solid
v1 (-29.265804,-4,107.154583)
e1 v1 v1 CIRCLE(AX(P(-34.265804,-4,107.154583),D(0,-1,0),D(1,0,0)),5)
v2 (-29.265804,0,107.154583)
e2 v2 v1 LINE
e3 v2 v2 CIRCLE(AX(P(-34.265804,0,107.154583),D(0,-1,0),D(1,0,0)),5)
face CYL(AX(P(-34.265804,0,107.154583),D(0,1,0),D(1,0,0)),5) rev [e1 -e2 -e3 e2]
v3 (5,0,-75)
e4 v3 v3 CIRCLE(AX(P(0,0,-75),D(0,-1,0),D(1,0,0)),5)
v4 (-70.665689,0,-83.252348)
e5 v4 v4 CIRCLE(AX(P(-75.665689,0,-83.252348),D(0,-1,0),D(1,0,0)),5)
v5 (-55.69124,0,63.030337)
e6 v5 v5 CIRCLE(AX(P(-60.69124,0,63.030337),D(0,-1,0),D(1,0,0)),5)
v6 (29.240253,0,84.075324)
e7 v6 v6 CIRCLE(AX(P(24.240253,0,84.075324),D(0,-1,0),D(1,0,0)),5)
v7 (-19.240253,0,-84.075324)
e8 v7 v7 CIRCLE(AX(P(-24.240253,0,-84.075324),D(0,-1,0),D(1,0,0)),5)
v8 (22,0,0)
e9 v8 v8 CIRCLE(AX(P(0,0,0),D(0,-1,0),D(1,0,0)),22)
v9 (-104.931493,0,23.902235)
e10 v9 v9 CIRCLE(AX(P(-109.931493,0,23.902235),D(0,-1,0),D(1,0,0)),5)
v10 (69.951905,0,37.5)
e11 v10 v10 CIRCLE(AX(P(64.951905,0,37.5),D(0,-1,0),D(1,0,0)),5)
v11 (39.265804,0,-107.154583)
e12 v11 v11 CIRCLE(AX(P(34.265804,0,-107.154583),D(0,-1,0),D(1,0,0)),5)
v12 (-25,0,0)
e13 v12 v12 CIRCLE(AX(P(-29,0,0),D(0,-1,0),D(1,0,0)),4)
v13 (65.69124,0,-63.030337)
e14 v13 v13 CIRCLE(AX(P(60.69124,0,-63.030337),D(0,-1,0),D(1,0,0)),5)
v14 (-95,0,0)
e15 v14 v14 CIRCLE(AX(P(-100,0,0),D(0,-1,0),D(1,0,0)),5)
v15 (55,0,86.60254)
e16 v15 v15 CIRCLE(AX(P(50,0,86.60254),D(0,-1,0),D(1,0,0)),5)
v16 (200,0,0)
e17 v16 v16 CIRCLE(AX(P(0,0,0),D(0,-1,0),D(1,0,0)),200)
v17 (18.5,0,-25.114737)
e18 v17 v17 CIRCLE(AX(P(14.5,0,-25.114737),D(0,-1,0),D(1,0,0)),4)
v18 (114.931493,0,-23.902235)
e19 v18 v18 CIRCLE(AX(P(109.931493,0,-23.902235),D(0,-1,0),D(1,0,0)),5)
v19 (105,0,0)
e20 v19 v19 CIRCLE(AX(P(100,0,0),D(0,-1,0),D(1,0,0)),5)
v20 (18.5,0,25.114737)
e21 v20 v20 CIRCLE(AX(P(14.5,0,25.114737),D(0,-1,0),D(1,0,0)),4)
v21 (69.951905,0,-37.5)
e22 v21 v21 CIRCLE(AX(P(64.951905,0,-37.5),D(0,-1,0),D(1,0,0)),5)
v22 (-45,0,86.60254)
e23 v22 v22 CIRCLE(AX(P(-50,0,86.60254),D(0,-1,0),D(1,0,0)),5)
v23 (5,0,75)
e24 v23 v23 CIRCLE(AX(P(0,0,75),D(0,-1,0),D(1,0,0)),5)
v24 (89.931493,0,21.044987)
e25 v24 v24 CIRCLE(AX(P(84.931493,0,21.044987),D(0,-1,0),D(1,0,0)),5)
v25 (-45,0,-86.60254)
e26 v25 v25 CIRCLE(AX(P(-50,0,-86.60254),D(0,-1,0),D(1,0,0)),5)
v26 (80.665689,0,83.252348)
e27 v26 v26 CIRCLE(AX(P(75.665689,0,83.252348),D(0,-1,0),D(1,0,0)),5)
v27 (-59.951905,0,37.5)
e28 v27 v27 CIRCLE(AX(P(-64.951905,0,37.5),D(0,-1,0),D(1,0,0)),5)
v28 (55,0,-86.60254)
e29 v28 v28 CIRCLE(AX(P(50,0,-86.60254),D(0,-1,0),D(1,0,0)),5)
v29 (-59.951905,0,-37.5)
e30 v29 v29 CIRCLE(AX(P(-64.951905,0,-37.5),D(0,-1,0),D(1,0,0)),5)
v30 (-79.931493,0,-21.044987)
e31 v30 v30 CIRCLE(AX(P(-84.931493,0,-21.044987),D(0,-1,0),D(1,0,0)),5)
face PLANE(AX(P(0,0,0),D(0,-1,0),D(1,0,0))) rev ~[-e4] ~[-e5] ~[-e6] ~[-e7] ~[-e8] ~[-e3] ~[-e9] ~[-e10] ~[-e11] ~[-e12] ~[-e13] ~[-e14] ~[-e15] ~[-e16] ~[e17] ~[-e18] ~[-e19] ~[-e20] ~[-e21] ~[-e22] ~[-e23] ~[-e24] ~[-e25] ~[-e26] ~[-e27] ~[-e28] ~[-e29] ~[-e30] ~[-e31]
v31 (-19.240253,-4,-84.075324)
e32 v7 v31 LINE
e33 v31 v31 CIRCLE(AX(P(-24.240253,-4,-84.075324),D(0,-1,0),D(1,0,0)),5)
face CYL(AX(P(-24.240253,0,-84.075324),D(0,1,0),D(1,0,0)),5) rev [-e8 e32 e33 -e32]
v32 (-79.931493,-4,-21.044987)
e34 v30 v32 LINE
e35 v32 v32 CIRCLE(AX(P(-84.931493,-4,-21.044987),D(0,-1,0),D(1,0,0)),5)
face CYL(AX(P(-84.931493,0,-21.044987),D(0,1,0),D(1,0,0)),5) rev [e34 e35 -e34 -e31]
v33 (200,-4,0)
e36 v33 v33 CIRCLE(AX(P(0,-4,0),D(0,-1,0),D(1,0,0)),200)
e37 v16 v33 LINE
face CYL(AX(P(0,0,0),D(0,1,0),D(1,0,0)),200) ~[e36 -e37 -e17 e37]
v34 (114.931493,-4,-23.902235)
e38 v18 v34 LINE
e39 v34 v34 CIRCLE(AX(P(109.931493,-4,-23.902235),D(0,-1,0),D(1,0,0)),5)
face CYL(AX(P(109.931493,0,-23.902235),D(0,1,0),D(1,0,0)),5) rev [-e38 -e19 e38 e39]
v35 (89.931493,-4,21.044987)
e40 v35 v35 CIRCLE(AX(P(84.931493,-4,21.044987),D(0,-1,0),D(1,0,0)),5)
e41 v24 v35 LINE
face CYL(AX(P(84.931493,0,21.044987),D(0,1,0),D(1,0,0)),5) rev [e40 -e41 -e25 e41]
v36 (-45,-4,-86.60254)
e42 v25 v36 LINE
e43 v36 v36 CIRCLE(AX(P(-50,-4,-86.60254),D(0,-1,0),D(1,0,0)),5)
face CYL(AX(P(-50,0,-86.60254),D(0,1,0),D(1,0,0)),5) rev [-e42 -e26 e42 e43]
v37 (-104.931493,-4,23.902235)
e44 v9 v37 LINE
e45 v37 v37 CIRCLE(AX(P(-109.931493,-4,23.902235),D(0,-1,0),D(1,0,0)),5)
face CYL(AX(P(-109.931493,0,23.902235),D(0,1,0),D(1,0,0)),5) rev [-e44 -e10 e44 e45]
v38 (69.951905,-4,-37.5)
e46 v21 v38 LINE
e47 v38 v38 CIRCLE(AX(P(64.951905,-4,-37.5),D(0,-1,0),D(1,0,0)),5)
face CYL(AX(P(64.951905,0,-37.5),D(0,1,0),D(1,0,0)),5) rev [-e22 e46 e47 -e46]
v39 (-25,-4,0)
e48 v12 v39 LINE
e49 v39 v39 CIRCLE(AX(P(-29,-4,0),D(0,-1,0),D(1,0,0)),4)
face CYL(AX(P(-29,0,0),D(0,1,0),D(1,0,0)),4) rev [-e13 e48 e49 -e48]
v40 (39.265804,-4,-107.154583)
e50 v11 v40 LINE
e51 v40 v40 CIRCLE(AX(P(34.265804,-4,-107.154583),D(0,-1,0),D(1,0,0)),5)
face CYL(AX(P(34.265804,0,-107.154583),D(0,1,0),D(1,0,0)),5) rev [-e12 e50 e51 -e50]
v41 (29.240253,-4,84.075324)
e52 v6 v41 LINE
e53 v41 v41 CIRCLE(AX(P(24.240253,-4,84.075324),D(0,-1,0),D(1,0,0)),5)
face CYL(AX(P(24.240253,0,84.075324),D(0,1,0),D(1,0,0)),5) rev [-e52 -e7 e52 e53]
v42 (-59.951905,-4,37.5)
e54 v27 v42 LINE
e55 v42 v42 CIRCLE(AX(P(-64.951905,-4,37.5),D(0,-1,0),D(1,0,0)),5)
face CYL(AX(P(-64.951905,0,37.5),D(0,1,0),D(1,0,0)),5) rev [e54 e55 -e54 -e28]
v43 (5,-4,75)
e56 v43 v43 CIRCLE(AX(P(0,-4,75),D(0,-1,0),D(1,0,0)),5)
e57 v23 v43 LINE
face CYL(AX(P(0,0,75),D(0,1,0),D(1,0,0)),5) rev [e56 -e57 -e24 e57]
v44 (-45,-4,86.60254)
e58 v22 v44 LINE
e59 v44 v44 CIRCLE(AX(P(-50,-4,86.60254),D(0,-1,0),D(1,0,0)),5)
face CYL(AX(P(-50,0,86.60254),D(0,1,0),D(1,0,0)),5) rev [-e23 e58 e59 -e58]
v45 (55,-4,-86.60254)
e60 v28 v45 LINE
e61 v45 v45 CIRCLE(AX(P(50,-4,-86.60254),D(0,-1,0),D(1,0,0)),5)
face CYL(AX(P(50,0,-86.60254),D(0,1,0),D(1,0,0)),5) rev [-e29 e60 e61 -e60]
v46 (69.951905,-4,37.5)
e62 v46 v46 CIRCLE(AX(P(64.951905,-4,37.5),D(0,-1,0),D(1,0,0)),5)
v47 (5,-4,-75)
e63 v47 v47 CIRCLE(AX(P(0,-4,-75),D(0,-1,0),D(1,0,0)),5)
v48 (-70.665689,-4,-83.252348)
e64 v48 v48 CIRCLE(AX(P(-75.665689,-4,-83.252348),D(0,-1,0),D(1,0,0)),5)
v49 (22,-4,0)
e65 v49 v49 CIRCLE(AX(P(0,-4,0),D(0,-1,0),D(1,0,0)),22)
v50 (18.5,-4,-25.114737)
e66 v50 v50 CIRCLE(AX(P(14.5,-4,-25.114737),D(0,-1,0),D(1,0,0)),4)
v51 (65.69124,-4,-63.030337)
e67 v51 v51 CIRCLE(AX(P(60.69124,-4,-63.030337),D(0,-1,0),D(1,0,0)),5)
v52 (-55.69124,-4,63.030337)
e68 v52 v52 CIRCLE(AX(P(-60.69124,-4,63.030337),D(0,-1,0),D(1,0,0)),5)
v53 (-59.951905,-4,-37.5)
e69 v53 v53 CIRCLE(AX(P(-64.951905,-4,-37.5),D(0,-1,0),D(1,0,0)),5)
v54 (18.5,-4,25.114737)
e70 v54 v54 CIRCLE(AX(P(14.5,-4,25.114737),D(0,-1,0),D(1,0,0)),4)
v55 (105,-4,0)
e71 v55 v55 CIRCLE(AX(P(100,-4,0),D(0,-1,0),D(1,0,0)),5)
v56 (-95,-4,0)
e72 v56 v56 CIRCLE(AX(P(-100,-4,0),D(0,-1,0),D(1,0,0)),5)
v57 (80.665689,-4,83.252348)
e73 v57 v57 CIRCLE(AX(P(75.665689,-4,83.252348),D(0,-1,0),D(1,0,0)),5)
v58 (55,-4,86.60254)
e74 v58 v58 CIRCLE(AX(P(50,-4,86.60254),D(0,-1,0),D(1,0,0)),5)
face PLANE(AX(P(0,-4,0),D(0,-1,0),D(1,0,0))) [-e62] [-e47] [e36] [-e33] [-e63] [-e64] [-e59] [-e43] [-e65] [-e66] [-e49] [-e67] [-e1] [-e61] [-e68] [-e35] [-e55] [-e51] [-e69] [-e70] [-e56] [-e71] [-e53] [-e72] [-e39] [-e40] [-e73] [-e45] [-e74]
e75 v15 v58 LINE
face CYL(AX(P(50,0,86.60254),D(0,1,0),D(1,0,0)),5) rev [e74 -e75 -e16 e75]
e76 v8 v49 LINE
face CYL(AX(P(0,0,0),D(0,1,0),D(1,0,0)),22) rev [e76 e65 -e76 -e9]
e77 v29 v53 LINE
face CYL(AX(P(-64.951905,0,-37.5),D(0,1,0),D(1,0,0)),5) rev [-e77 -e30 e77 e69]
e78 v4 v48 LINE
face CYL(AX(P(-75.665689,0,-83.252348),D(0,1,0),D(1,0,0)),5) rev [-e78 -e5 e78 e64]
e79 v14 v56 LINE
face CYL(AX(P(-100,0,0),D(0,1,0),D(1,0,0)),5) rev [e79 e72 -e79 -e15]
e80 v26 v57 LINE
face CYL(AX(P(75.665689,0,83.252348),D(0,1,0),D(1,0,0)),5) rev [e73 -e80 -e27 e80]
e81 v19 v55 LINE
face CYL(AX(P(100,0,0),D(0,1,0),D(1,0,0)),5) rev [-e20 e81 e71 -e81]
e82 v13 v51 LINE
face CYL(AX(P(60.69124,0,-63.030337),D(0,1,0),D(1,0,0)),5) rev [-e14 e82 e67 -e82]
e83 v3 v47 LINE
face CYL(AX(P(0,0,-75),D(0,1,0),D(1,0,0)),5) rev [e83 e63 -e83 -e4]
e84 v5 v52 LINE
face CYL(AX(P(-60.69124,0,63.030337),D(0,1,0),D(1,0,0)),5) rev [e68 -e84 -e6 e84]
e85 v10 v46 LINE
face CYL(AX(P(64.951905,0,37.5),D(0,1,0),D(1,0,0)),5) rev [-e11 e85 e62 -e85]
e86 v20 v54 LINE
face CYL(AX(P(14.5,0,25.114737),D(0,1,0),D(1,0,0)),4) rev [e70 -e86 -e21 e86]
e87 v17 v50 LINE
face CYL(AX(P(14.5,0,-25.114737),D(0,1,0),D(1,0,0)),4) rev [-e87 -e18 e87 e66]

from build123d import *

# Parameters (mm, degrees)
F0_R     = 200
F0_R_2   = 5
F0_R_3   = 4
F0_R_4   = 22
F1_DEPTH = 4


with BuildPart() as f1:
    # F0 (on Front) → F1 (new body)
    with BuildSketch(Plane.XZ):
        Circle(F0_R)
        with Locations((-75.665689, -83.252348)):
            Circle(F0_R_2, mode=Mode.SUBTRACT)
        with Locations((-50, -86.60254)):
            Circle(F0_R_2, mode=Mode.SUBTRACT)
        with Locations((-24.240253, -84.075324)):
            Circle(F0_R_2, mode=Mode.SUBTRACT)
        with Locations((-64.951905, -37.5)):
            Circle(F0_R_2, mode=Mode.SUBTRACT)
        with Locations((-84.931493, -21.044987)):
            Circle(F0_R_2, mode=Mode.SUBTRACT)
        with Locations((34.265804, -107.154583)):
            Circle(F0_R_2, mode=Mode.SUBTRACT)
        with Locations((0, -75)):
            Circle(F0_R_2, mode=Mode.SUBTRACT)
        with Locations((50, -86.60254)):
            Circle(F0_R_2, mode=Mode.SUBTRACT)
        with Locations((60.69124, -63.030337)):
            Circle(F0_R_2, mode=Mode.SUBTRACT)
        with Locations((14.5, -25.114737)):
            Circle(F0_R_3, mode=Mode.SUBTRACT)
        with Locations((64.951905, -37.5)):
            Circle(F0_R_2, mode=Mode.SUBTRACT)
        with Locations((109.931493, -23.902235)):
            Circle(F0_R_2, mode=Mode.SUBTRACT)
        with Locations((-109.931493, 23.902235)):
            Circle(F0_R_2, mode=Mode.SUBTRACT)
        with Locations((-100, 0)):
            Circle(F0_R_2, mode=Mode.SUBTRACT)
        with Locations((-64.951905, 37.5)):
            Circle(F0_R_2, mode=Mode.SUBTRACT)
        with Locations((-29, 0)):
            Circle(F0_R_3, mode=Mode.SUBTRACT)
        with Locations((-60.69124, 63.030337)):
            Circle(F0_R_2, mode=Mode.SUBTRACT)
        with Locations((-50, 86.60254)):
            Circle(F0_R_2, mode=Mode.SUBTRACT)
        with Locations((-34.265804, 107.154583)):
            Circle(F0_R_2, mode=Mode.SUBTRACT)
        Circle(F0_R_4, mode=Mode.SUBTRACT)
        with Locations((14.5, 25.114737)):
            Circle(F0_R_3, mode=Mode.SUBTRACT)
        with Locations((84.931493, 21.044987)):
            Circle(F0_R_2, mode=Mode.SUBTRACT)
        with Locations((64.951905, 37.5)):
            Circle(F0_R_2, mode=Mode.SUBTRACT)
        with Locations((0, 75)):
            Circle(F0_R_2, mode=Mode.SUBTRACT)
        with Locations((24.240253, 84.075324)):
            Circle(F0_R_2, mode=Mode.SUBTRACT)
        with Locations((50, 86.60254)):
            Circle(F0_R_2, mode=Mode.SUBTRACT)
        with Locations((75.665689, 83.252348)):
            Circle(F0_R_2, mode=Mode.SUBTRACT)
        with Locations((100, 0)):
            Circle(F0_R_2, mode=Mode.SUBTRACT)
    extrude(amount=F1_DEPTH)


solid = f1.part
